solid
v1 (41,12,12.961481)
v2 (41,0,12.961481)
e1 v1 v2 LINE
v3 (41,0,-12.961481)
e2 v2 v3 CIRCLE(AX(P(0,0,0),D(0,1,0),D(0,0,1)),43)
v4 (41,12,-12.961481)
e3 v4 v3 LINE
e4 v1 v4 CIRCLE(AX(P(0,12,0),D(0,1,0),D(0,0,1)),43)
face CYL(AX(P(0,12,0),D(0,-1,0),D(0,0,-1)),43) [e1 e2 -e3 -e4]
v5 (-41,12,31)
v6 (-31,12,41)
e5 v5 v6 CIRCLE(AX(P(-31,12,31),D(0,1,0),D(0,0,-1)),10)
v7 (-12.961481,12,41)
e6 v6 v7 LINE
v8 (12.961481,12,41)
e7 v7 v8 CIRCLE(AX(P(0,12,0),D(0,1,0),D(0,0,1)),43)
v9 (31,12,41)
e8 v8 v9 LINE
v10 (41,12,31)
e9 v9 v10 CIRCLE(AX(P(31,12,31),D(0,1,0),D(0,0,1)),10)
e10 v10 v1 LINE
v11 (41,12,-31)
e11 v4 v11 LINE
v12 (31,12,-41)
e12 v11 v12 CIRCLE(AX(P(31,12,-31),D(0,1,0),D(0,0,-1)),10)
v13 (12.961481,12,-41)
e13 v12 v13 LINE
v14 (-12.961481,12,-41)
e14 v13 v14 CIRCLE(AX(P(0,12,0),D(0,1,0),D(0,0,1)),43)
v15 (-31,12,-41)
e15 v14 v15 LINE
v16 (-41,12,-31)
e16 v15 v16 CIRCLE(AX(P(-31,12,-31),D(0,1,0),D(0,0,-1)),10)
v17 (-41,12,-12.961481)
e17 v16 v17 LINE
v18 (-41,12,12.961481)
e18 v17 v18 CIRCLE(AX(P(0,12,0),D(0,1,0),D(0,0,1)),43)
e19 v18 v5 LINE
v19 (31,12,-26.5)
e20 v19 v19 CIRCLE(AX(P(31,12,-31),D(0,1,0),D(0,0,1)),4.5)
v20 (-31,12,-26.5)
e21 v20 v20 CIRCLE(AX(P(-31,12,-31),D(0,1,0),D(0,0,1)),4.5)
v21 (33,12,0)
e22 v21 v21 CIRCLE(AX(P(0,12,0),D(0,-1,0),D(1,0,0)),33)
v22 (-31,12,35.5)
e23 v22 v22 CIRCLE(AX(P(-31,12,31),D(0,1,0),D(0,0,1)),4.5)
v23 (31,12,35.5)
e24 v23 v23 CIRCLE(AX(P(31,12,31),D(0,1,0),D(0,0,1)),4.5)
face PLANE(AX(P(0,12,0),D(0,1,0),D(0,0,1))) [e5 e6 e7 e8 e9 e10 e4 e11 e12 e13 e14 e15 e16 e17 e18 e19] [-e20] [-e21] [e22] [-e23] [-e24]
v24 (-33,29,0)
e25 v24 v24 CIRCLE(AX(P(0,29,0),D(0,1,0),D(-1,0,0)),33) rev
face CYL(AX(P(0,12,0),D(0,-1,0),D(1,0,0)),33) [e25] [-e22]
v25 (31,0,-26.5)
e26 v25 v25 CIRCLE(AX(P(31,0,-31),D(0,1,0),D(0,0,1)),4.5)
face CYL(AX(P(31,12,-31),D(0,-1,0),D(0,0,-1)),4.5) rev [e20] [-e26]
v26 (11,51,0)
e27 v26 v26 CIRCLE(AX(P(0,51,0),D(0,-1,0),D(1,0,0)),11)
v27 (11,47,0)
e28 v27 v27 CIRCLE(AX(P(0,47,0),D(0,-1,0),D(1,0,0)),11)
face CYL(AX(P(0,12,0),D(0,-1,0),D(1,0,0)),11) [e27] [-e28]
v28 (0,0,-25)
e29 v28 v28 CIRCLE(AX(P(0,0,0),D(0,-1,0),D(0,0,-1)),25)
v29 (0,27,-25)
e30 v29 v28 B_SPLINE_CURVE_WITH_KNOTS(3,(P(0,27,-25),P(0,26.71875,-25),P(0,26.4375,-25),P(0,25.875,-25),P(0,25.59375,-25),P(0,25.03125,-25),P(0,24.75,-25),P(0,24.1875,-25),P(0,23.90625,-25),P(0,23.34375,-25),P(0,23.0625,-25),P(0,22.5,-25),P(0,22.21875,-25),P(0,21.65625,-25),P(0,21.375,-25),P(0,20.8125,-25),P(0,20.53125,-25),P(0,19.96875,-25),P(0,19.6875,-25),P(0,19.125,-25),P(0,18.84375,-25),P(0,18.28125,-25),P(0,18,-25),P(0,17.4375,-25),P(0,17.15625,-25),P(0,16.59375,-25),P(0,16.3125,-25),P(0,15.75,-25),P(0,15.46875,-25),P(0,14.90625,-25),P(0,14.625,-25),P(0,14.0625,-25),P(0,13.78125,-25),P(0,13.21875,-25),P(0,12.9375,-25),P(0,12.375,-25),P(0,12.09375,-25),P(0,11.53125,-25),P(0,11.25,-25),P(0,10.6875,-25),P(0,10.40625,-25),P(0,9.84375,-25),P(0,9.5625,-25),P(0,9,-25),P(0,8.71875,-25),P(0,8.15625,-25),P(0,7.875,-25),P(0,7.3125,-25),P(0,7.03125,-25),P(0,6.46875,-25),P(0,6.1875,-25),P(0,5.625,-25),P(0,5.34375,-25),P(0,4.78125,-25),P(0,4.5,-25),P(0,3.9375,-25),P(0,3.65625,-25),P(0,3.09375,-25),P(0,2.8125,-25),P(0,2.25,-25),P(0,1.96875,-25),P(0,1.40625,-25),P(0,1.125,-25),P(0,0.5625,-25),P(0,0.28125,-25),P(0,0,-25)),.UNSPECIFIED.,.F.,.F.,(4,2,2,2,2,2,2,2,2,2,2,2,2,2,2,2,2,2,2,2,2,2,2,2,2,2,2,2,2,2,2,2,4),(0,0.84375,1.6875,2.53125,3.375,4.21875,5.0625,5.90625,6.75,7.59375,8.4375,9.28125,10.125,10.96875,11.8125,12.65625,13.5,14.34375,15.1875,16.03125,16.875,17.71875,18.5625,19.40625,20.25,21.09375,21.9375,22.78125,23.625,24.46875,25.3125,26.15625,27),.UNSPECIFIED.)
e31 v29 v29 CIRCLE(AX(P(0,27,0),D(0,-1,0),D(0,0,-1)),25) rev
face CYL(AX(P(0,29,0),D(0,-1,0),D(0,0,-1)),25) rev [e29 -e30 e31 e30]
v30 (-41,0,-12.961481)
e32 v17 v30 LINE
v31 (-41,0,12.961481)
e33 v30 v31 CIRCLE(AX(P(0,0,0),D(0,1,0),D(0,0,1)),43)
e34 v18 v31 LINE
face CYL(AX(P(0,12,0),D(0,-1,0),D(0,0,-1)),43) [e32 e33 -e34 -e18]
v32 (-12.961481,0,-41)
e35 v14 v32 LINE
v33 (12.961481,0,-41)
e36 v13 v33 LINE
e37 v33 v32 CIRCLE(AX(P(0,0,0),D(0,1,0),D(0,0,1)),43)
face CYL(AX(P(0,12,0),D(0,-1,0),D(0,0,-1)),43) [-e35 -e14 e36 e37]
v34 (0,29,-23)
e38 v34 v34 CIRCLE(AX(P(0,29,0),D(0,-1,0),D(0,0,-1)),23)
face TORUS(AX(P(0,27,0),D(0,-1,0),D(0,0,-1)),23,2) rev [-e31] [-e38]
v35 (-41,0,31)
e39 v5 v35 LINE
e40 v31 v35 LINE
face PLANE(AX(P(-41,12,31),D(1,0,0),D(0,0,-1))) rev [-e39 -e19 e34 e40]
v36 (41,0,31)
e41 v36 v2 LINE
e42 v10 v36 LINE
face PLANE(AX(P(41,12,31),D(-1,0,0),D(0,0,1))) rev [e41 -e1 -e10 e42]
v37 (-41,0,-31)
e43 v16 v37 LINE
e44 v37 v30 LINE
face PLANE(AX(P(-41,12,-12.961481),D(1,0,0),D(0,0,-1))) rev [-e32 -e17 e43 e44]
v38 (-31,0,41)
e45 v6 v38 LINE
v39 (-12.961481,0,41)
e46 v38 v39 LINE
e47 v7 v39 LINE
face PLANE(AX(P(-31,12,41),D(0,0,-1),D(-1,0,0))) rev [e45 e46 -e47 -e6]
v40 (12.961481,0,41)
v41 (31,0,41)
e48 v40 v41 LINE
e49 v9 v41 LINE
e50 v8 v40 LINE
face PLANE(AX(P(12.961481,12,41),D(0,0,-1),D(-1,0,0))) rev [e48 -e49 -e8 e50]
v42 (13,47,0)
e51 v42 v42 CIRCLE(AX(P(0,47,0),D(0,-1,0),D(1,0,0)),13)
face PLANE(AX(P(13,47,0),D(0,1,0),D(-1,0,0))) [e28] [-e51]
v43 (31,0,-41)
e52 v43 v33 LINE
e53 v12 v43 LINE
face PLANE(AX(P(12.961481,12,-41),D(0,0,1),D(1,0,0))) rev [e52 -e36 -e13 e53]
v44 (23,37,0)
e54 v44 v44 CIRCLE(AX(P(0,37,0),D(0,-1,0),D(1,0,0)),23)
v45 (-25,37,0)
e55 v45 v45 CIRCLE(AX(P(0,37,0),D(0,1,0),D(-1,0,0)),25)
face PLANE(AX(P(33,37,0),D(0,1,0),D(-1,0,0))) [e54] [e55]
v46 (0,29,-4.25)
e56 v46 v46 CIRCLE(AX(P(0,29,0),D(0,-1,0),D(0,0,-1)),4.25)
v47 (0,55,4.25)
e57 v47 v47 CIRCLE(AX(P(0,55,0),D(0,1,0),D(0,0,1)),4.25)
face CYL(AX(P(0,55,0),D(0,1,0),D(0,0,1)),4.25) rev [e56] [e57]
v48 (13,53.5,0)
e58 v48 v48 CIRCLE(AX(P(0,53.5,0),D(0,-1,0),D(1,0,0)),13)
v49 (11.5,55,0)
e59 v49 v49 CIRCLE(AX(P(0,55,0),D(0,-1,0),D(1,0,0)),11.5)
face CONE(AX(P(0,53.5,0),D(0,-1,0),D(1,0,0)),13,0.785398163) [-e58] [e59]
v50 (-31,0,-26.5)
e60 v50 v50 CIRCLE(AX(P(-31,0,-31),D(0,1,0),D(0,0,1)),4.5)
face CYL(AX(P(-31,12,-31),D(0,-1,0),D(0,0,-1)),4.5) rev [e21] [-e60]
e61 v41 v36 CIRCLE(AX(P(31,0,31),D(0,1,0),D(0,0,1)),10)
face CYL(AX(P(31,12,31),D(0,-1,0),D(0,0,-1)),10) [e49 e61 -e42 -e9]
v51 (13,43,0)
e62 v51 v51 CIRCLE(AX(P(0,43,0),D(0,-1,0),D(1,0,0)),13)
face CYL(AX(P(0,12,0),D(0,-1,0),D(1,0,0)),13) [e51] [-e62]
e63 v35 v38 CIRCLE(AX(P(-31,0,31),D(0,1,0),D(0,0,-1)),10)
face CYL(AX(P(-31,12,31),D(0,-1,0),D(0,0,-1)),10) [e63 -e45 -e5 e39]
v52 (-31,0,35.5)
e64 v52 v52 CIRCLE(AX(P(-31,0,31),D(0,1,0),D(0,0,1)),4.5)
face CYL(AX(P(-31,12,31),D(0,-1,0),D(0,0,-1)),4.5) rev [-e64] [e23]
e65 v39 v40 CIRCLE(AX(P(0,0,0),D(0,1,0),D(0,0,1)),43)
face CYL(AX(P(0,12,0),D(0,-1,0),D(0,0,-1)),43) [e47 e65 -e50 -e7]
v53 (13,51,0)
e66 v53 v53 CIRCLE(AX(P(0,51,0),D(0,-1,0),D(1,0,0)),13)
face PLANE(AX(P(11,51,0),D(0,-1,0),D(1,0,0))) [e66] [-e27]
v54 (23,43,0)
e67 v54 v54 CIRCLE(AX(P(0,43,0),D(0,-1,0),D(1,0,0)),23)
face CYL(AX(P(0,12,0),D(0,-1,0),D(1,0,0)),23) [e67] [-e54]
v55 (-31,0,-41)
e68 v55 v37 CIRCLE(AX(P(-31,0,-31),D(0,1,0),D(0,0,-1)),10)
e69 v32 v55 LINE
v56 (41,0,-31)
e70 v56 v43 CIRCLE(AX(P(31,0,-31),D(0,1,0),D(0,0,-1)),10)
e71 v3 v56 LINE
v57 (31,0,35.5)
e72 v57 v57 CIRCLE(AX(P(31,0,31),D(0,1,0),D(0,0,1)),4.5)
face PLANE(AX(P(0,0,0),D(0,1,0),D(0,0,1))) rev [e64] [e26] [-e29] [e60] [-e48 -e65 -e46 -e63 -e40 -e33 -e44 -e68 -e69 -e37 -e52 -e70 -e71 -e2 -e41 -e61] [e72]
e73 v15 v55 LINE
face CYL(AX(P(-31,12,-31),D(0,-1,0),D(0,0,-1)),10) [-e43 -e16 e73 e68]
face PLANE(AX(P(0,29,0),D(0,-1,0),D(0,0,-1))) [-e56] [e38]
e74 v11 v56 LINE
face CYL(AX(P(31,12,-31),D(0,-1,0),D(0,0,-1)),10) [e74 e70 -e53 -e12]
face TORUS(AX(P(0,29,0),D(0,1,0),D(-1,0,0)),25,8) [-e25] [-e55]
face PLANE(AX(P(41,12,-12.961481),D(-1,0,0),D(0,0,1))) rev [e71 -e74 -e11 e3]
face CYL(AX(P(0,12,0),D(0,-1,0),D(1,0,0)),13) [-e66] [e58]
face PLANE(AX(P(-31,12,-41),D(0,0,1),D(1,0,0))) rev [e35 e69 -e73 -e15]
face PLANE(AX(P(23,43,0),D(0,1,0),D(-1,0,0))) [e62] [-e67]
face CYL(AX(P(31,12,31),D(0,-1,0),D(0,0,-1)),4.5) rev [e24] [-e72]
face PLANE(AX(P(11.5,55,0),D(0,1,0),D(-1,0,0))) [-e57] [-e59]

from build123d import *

# Parameters (mm, degrees)
SKETCH_1_R          = 4.5
EXTRUDE_1_DEPTH     = 12
FILLET_1_R          = 8
SKETCH_3_R          = 25
CUT_EXTRUDE_1_DEPTH = 29
FILLET_2_R          = 2
HOLE_WIZARD_M10_1_D = 8.5


with BuildPart() as part:
    # 草图1 → 凸台-拉伸1 (new body)
    with BuildSketch(Plane(origin=(0, 0, 0), x_dir=(1, 0, 0), z_dir=(0, 1, 0))):
        with BuildLine():
            Line((-41, 12.961481397), (-41, 31))
            ThreePointArc((-41, 31), (-38.071067812, 38.071067812), (-31, 41))
            Line((-31, 41), (-12.961481397, 41))
            ThreePointArc((-12.961481397, 41), (0, 43), (12.961481397, 41))
            Line((12.961481397, 41), (31, 41))
            ThreePointArc((31, 41), (38.071067812, 38.071067812), (41, 31))
            Line((41, 31), (41, 12.961481397))
            ThreePointArc((41, 12.961481397), (43, 0), (41, -12.961481397))
            Line((41, -12.961481397), (41, -31))
            ThreePointArc((41, -31), (38.071067812, -38.071067812), (31, -41))
            Line((31, -41), (12.961481397, -41))
            ThreePointArc((12.961481397, -41), (0, -43), (-12.961481397, -41))
            Line((-12.961481397, -41), (-31, -41))
            ThreePointArc((-31, -41), (-38.071067812, -38.071067812), (-41, -31))
            Line((-41, -31), (-41, -12.961481397))
            ThreePointArc((-41, -12.961481397), (-43, 0), (-41, 12.961481397))
        make_face()
        with Locations(Location((-31, 31, 0), (0, 0, 270))):
            Circle(SKETCH_1_R, mode=Mode.SUBTRACT)
        with Locations(Location((31, 31, 0), (0, 0, 270))):
            Circle(SKETCH_1_R, mode=Mode.SUBTRACT)
        with Locations(Location((31, -31, 0), (0, 0, 270))):
            Circle(SKETCH_1_R, mode=Mode.SUBTRACT)
        with Locations(Location((-31, -31, 0), (0, 0, 270))):
            Circle(SKETCH_1_R, mode=Mode.SUBTRACT)
    extrude(amount=EXTRUDE_1_DEPTH)

    # 草图2 → 旋转1 (revolve)
    with BuildSketch(Plane.XY):
        Polygon((0, 12), (33, 12), (33, 37), (23, 37), (23, 43), (13, 43), (13, 47), (11, 47), (11, 51), (13, 51), (13, 53.5), (11.5, 55), (0, 55), align=None)
    revolve(axis=Axis((0, 12, 0), (0, 1, 0)))

    # 圆角1
    fillet_1_edges = [part.edges().sort_by_distance(p)[0] for p in [
        (-33, 37, 0),
    ]]
    fillet(fillet_1_edges, radius=FILLET_1_R)

    # 草图3 → 切除-拉伸1 (cut)
    with BuildSketch(Plane.XZ):
        with Locations(Location((0, 0, 0), (0, 0, 270))):
            Circle(SKETCH_3_R)
    extrude(amount=-CUT_EXTRUDE_1_DEPTH, mode=Mode.SUBTRACT)

    # 圆角2
    fillet_2_edges = [part.edges().sort_by_distance(p)[0] for p in [
        (0, 29, 25),
    ]]
    fillet(fillet_2_edges, radius=FILLET_2_R)

    # M10 螺纹孔1 (through all)
    with Locations(Plane(origin=(0, 55, 0), x_dir=(1, 0, 0), z_dir=(0, 1, 0))):
        with Locations((0, 0)):
            Hole(HOLE_WIZARD_M10_1_D / 2)


solid = part.part
